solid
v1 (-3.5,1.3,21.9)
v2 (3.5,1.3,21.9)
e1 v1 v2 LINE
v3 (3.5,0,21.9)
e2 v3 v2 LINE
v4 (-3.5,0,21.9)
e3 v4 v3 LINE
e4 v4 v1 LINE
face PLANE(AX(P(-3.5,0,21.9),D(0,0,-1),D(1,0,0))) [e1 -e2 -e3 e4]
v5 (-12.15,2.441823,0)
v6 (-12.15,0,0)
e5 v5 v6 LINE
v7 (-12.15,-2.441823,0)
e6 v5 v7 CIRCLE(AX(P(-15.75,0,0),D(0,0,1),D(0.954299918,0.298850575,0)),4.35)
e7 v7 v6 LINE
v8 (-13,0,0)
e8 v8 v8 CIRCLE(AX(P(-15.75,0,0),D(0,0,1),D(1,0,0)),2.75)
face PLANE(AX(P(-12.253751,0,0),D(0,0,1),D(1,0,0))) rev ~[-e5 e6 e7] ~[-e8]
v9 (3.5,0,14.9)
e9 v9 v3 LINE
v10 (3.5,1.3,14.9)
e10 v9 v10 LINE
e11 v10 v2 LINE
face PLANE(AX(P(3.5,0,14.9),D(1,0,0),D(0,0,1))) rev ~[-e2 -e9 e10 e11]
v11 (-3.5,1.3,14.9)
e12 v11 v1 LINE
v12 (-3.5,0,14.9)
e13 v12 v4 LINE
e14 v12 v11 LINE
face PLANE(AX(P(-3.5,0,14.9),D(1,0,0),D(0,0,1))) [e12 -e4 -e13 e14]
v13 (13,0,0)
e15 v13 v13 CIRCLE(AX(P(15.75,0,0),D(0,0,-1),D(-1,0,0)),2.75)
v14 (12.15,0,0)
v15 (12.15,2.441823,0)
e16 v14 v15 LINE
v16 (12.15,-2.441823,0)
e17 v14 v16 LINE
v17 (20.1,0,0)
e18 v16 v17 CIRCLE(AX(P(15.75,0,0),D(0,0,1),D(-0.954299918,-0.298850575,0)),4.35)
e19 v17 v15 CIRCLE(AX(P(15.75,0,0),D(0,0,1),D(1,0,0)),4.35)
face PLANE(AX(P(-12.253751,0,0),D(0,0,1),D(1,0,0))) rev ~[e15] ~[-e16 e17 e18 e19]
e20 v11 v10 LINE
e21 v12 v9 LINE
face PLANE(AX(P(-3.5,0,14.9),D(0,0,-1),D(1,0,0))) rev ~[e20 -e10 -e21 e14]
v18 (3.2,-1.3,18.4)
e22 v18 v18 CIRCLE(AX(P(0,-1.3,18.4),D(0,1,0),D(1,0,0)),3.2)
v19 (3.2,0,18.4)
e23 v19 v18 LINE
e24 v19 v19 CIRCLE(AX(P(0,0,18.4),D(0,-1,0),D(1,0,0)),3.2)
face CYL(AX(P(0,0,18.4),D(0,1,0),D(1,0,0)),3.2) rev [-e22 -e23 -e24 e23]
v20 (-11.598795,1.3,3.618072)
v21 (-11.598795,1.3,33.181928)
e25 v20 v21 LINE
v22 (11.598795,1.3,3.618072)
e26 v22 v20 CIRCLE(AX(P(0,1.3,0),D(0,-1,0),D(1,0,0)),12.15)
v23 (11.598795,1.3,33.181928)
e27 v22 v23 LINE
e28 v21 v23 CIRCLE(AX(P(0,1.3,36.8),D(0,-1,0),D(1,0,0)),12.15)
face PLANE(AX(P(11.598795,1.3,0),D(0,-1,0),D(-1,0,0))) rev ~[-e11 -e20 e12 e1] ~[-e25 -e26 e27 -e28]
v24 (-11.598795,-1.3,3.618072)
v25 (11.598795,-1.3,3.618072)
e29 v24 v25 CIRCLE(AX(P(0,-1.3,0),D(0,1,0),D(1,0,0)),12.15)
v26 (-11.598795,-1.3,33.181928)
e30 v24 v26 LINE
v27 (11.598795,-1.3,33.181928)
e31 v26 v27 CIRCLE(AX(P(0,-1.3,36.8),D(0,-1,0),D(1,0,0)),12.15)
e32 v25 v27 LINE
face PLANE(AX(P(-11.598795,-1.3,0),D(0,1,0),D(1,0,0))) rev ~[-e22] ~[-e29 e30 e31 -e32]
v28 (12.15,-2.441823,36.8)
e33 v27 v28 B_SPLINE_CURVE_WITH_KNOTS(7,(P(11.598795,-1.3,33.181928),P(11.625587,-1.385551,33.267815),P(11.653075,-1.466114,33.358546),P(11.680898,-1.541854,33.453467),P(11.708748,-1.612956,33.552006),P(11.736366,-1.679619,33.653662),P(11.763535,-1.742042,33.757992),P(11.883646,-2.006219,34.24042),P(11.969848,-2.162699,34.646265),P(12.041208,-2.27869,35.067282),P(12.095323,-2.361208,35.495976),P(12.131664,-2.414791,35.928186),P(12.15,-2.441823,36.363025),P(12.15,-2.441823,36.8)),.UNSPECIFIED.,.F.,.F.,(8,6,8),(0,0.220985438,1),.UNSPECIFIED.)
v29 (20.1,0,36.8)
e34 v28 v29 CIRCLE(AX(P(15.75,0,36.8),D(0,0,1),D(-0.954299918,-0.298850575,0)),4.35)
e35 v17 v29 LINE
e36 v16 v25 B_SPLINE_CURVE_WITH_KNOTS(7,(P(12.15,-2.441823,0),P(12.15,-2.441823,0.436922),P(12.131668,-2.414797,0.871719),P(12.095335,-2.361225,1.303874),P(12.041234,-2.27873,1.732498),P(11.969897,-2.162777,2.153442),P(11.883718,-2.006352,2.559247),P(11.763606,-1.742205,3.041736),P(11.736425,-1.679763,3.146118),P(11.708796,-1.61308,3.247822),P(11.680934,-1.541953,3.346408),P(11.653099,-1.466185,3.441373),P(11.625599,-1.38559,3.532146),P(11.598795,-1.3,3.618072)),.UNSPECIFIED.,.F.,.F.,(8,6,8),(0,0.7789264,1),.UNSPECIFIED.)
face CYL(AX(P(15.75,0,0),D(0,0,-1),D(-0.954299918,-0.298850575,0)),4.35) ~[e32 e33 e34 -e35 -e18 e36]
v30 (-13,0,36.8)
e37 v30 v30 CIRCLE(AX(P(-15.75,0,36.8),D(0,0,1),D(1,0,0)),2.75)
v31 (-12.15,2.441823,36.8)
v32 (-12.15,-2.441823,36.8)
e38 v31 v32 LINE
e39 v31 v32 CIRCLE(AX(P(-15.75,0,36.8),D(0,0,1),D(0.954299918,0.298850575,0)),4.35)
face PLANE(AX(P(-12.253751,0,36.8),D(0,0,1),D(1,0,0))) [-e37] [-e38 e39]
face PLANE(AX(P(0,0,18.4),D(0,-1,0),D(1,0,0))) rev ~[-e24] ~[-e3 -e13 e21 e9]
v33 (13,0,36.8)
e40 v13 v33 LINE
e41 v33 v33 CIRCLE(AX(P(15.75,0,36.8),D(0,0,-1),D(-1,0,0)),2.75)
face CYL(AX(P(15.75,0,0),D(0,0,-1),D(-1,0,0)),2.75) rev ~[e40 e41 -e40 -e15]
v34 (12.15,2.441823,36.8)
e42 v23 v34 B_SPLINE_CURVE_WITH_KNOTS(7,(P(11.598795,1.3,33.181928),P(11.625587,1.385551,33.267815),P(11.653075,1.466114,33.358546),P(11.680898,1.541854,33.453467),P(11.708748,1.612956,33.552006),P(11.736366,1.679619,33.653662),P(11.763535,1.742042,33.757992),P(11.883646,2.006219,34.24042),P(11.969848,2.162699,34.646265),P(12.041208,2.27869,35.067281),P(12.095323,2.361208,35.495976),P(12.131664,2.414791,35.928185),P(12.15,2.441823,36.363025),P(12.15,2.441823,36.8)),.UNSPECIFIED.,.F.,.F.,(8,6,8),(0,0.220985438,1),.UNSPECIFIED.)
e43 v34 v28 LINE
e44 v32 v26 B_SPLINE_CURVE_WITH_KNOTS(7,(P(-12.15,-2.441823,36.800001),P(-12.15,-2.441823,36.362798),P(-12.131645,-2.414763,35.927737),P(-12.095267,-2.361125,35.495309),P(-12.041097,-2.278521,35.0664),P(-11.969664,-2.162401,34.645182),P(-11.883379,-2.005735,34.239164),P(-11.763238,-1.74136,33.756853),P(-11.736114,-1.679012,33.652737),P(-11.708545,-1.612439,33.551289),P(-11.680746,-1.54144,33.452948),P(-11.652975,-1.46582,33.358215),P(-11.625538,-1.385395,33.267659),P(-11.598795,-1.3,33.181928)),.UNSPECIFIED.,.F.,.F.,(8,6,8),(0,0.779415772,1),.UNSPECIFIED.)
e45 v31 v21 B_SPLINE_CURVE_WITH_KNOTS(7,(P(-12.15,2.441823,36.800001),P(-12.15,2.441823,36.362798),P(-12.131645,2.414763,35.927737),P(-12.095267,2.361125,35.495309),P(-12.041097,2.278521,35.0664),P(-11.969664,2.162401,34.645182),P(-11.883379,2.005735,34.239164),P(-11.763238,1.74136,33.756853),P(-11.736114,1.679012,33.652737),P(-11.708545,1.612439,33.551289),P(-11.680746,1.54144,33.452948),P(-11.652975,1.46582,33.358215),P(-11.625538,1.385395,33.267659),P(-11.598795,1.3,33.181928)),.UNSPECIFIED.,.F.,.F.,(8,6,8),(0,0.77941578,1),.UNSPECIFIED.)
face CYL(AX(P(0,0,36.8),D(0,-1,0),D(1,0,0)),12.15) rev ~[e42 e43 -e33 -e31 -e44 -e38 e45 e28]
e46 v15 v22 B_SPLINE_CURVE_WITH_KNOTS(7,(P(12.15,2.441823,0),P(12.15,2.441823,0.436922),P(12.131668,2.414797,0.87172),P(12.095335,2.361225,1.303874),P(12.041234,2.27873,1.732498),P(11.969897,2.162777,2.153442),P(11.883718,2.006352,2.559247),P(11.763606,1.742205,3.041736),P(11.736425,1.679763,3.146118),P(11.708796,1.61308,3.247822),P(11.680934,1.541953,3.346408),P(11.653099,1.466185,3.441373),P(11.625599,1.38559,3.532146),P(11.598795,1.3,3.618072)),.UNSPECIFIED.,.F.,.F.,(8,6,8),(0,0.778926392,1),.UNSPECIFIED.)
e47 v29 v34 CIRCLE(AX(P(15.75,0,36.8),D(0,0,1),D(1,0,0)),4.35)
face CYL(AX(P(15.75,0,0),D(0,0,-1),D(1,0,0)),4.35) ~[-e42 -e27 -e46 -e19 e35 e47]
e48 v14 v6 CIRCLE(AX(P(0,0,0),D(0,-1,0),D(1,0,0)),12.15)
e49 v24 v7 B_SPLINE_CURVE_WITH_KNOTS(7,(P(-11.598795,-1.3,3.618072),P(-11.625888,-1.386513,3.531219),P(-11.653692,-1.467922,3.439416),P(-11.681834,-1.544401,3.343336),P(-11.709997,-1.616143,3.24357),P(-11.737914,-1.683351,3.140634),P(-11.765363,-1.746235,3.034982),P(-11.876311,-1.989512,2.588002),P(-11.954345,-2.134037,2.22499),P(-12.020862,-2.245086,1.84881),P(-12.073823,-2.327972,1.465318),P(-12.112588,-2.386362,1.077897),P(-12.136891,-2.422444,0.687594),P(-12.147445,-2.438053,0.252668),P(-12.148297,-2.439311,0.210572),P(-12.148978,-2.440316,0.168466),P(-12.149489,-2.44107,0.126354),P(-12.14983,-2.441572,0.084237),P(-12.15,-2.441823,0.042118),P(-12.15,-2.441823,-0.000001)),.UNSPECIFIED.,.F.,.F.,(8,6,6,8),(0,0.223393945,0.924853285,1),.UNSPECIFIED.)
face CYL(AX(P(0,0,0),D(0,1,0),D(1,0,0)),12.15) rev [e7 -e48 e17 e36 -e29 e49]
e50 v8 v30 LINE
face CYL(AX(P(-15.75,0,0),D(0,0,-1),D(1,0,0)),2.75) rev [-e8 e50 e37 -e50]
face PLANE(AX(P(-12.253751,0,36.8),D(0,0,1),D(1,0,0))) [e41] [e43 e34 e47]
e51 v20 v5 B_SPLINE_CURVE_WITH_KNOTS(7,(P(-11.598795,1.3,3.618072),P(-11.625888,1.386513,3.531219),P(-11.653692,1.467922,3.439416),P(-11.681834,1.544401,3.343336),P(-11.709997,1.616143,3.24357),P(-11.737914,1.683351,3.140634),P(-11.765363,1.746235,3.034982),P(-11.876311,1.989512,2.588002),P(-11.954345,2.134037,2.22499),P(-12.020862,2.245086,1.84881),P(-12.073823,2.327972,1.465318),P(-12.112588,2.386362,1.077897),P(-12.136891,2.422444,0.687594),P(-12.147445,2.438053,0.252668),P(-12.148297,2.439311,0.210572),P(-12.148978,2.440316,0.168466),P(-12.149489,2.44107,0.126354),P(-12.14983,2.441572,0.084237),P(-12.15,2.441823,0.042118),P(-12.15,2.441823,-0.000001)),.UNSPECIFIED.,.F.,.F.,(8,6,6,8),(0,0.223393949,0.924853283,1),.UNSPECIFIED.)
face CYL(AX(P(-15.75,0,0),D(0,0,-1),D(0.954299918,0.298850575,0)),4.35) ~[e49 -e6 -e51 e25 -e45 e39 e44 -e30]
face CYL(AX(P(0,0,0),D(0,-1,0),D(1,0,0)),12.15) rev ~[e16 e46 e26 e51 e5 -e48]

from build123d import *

# Parameters (mm, degrees)
F0_R     = 2.75
F1_DEPTH = 36.8
F2_R     = 3.2
F2_R_2   = 12.15
F3_DEPTH = 12.5
F4_W     = 7
F4_H     = 7
F5_DEPTH = 25


with BuildPart() as f1:
    # F0 (on Top) → F1 (new body)
    with BuildSketch(Plane.XY):
        with BuildLine():
            ThreePointArc((-11.5987953556, -1.3), (-11.4499860347, -0.657556004), (-11.4, 0))
            ThreePointArc((-11.4, 0), (-11.4499860347, 0.657556004), (-11.5987953556, 1.3))
            Line((-11.5987953556, 1.3), (-13, 1.3))
            Line((-13, 1.3), (-13, 0))
            Line((-13, 0), (-13, -1.3))
            Line((-13, -1.3), (-11.5987953556, -1.3))
        make_face()
        with BuildLine():
            ThreePointArc((-11.5987953556, 1.3), (-11.4499860347, 0.657556004), (-11.4, 0))
            ThreePointArc((-11.4, 0), (-11.4499860347, -0.657556004), (-11.5987953556, -1.3))
            Line((-11.5987953556, -1.3), (11.5987953556, -1.3))
            ThreePointArc((11.5987953556, -1.3), (11.4, 0), (11.5987953556, 1.3))
            Line((11.5987953556, 1.3), (-11.5987953556, 1.3))
        make_face()
        with BuildLine():
            Line((-13, 1.3), (-11.5987953556, 1.3))
            ThreePointArc((-11.5987953556, 1.3), (-20.1, 0), (-11.5987953556, -1.3))
            Line((-11.5987953556, -1.3), (-13, -1.3))
            Line((-13, -1.3), (-13, 0))
            Line((-13, 0), (-13, 1.3))
        make_face()
        with Locations((-15.75, 0)):
            Circle(F0_R, mode=Mode.SUBTRACT)
        with BuildLine():
            Line((13, 1.3), (11.5987953556, 1.3))
            ThreePointArc((11.5987953556, 1.3), (11.4, 0), (11.5987953556, -1.3))
            Line((11.5987953556, -1.3), (13, -1.3))
            Line((13, -1.3), (13, 0))
            Line((13, 0), (13, 1.3))
        make_face()
        with BuildLine():
            ThreePointArc((20.1, 0), (16.407556004, 4.3000139653), (11.5987953556, 1.3))
            Line((11.5987953556, 1.3), (13, 1.3))
            Line((13, 1.3), (13, 0))
            Line((13, 0), (13, -1.3))
            Line((13, -1.3), (11.5987953556, -1.3))
            ThreePointArc((11.5987953556, -1.3), (16.407556004, -4.3000139653), (20.1, 0))
        make_face()
        with BuildLine():
            ThreePointArc((18.5, 0), (15.75, -2.75), (13, 0))
            ThreePointArc((13, 0), (15.75, 2.75), (18.5, 0))
        make_face(mode=Mode.SUBTRACT)
    extrude(amount=F1_DEPTH)

    # F2 (on Front) → F3 (cut, symmetric)
    with BuildSketch(Plane.XZ):
        with Locations((0, 18.4)):
            Circle(F2_R)
        Circle(F2_R_2)
        with Locations((0, 36.8)):
            Circle(F2_R_2)
    extrude(amount=F3_DEPTH, both=True, mode=Mode.SUBTRACT)

    # F4 (on Front) → F5 (cut)
    with BuildSketch(Plane.XZ):
        with Locations((0, 18.4)):
            Rectangle(F4_W, F4_H)
    extrude(amount=-F5_DEPTH, mode=Mode.SUBTRACT)


solid = f1.part
